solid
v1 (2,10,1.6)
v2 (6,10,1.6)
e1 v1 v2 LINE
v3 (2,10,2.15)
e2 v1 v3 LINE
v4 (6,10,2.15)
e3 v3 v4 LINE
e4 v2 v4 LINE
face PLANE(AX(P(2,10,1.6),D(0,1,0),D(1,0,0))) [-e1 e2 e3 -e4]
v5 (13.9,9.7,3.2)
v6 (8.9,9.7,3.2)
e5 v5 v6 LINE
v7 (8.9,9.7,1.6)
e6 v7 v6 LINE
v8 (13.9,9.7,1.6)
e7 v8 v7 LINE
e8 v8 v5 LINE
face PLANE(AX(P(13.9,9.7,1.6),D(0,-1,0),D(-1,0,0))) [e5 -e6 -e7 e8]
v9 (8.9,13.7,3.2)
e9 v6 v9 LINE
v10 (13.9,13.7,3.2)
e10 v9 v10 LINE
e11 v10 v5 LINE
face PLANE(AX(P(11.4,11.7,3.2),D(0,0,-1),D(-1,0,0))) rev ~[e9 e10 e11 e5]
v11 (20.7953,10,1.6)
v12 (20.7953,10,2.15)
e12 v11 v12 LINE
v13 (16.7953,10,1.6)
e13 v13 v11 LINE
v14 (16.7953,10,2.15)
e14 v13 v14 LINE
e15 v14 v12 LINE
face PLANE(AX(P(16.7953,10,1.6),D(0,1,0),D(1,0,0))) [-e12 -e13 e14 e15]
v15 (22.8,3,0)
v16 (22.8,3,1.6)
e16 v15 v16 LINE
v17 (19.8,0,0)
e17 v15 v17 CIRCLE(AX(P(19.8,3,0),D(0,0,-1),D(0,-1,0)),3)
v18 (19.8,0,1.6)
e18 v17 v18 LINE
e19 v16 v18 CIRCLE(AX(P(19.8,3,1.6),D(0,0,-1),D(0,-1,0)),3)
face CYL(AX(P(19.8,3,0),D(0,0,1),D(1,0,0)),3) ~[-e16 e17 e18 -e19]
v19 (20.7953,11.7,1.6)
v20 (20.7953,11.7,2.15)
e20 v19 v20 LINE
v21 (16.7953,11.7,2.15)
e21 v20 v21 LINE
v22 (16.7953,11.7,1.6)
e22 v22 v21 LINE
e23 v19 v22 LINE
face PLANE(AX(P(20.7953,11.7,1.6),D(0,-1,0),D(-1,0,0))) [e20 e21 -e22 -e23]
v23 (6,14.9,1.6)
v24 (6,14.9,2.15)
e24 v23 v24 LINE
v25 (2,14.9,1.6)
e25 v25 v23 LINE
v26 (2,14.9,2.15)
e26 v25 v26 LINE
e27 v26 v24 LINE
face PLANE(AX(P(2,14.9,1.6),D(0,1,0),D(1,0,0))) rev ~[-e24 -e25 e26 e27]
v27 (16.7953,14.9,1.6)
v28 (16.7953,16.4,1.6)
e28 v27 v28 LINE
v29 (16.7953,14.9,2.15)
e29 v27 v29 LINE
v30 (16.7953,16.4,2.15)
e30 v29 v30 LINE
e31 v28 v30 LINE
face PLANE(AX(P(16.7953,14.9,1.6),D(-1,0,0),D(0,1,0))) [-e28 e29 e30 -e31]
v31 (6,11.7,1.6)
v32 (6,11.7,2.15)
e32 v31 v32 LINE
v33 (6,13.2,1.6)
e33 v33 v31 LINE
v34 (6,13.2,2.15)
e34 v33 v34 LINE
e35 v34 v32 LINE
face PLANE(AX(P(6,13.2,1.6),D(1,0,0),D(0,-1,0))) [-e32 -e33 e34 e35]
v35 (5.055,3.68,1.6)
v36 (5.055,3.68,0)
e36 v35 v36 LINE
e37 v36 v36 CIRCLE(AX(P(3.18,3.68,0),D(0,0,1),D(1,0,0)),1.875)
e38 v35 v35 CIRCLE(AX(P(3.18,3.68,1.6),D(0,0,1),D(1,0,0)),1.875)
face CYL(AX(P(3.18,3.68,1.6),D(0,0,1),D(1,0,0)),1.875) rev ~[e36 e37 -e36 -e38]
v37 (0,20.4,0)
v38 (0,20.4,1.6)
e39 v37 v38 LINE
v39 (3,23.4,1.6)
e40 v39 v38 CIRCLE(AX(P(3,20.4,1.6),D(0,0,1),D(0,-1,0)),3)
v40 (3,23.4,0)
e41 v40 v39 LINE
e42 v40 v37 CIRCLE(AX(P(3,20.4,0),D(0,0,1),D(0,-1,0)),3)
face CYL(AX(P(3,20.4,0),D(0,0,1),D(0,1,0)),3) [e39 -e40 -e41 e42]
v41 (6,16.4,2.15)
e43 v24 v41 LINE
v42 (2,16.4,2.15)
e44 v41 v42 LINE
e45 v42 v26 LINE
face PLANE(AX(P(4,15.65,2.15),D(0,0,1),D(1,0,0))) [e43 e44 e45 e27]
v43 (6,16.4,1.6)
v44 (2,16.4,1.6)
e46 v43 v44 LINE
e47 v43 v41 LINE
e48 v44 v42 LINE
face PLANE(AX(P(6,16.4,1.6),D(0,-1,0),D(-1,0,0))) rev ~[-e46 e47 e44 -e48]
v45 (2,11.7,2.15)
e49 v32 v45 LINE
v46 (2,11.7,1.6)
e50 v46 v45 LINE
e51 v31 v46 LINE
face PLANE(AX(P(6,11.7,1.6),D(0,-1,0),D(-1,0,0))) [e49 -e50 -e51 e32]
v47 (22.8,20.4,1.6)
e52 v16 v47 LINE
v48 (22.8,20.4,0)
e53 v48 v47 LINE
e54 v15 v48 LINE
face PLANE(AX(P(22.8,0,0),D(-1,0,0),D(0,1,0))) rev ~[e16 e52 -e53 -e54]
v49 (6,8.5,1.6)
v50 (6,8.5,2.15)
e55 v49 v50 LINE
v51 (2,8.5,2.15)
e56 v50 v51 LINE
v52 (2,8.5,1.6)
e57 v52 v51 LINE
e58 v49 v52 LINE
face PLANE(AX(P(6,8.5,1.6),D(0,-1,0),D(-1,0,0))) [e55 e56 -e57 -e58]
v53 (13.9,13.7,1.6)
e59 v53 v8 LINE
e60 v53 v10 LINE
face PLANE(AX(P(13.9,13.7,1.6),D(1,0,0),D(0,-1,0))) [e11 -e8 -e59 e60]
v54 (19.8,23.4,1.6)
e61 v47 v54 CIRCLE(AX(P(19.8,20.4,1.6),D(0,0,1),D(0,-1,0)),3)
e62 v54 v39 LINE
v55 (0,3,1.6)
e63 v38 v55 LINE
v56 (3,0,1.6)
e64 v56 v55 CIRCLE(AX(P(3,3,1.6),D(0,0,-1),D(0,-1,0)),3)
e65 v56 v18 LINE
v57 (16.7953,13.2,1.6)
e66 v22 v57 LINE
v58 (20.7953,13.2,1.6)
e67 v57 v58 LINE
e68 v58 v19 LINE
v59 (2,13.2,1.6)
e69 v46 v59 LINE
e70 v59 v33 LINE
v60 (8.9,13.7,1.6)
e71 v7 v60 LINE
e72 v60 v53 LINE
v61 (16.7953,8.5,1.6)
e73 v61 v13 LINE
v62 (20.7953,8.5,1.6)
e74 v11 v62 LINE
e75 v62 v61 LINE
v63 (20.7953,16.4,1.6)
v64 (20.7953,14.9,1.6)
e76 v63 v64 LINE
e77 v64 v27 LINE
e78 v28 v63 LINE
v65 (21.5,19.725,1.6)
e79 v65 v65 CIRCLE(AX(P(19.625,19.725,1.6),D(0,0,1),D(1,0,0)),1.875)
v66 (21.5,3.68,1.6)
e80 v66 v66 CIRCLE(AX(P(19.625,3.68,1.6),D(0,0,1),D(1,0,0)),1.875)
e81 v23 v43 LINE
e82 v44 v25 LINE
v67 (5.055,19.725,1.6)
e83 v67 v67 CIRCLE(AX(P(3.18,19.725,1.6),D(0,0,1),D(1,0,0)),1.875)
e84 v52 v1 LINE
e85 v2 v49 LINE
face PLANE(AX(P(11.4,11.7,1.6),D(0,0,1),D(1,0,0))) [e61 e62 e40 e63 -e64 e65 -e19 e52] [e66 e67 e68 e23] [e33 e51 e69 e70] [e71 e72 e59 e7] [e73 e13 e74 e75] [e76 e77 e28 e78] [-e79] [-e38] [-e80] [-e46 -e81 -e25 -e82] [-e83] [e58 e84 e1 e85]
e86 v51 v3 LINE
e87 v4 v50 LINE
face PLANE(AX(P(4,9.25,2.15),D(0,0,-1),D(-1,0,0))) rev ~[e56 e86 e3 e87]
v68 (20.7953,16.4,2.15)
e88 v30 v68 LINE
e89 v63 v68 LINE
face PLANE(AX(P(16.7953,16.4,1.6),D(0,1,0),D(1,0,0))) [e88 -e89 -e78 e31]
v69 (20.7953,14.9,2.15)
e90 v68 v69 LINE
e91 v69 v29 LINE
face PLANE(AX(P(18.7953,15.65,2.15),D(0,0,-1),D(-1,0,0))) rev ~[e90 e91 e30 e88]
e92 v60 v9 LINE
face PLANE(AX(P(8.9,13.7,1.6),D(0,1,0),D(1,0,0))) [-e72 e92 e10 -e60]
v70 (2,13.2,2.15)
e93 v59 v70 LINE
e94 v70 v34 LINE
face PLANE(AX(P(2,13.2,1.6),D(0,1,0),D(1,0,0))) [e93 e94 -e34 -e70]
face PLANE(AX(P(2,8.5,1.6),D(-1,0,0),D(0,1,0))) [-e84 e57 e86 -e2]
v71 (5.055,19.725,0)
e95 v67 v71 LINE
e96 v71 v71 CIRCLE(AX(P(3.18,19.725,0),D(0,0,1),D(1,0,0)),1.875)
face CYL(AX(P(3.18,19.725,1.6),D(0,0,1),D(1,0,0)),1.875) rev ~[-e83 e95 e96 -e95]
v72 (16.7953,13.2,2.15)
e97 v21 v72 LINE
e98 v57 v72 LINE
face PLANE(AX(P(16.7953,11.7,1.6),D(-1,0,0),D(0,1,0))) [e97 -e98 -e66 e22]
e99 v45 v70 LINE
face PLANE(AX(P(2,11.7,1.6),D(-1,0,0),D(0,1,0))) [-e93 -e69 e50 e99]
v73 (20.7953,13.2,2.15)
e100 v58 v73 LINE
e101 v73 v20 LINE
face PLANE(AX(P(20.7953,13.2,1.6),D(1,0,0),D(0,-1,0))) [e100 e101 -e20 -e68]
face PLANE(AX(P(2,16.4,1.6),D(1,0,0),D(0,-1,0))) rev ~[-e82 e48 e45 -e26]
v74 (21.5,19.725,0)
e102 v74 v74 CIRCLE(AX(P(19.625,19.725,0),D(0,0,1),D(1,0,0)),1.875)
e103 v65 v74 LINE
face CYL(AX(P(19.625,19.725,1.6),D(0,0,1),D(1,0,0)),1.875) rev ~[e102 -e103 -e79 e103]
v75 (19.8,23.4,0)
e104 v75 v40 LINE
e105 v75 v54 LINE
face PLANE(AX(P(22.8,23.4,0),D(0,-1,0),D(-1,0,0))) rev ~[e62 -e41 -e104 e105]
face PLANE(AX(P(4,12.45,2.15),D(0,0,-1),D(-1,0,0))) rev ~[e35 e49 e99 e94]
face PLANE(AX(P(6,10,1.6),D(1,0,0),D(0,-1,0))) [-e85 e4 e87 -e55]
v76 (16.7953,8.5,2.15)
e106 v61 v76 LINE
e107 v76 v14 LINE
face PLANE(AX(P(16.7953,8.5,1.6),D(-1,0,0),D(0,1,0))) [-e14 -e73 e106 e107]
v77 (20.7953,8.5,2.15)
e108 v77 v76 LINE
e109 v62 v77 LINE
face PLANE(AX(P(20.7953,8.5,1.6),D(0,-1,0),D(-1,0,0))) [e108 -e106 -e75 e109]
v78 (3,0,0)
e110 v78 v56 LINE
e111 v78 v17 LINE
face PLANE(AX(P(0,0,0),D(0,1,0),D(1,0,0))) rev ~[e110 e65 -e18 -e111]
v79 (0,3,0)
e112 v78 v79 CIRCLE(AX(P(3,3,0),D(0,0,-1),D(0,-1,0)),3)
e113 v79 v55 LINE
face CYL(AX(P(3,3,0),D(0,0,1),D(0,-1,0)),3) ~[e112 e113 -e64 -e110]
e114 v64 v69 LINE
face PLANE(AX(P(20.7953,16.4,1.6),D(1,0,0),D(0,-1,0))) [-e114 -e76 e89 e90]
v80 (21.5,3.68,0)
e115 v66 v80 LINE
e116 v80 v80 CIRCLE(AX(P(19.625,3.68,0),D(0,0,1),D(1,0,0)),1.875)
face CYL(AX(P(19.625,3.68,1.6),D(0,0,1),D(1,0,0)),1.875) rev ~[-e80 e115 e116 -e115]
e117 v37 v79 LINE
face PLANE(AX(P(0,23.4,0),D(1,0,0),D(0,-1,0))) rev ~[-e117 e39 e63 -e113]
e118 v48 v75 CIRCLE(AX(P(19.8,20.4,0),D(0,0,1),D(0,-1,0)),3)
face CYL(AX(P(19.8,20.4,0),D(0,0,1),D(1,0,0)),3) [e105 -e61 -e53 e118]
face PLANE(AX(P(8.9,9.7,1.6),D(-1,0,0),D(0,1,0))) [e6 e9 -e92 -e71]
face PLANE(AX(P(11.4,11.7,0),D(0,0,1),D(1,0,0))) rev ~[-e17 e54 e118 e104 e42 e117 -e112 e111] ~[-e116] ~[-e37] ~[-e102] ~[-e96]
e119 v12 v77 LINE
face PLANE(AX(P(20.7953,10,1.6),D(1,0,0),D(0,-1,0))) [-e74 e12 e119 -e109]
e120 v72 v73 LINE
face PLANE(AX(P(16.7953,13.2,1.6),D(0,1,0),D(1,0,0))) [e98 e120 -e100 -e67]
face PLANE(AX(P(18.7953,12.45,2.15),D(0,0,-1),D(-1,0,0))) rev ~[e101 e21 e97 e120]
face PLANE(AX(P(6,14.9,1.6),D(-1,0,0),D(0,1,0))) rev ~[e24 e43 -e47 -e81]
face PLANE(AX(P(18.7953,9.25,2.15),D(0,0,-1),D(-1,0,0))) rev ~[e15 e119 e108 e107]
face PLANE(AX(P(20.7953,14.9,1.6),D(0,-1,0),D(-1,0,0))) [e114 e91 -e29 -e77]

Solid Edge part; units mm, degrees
sketch "Sketch1" plane through (0, 0, 0) normal (0, 0, 1) x (1, 0, 0)
  line L0 (22.8, 0) -> (22.8, 23.4)
  line L1 (22.8, 23.4) -> (0, 23.4)
  line L2 (0, 23.4) -> (0, 0)
  line L3 (0, 0) -> (22.8, 0)
extrude "Protrusion1" add sketch "Sketch1" along normal blind 1.6
sketch "Sketch2" plane through (11.4, 11.7, 1.6) normal (0, 0, 1) x (1, 0, 0)
  circle A0 centre (-8.22, 8.025) radius 1.875
  circle A1 centre (8.225, 8.025) radius 1.875
  circle A2 centre (-8.22, -8.02) radius 1.875
  circle A3 centre (8.225, -8.02) radius 1.875
  dimension "D1" = 3.75
  dimension "D2" = 3.175
  dimension "D3" = 3.675
  dimension "D4" = 3.18
  dimension "D5" = 3.68
extrude "Cutout1" cut sketch "Sketch2" against normal up to next
sketch "Sketch3" plane through (11.4, 11.7, 1.6) normal (0, 0, 1) x (1, 0, 0)
  line L0 (2.5, -2) -> (-2.5, -2)
  line L1 (-2.5, -2) -> (-2.5, 2)
  line L2 (-2.5, 2) -> (2.5, 2)
  line L3 (2.5, 2) -> (2.5, -2)
extrude "ProtrusiónExtruida_2" add sketch "Sketch3" along normal blind 1.6
fillet "Redondeo_1" radius 3 4 edges at (22.8, 0, 0.8) (22.8, 23.4, 0.8) (0, 0, 0.8) (0, 23.4, 0.8)
sketch "Sketch4" plane through (11.4, 11.7, 1.6) normal (0, 0, 1) x (1, 0, 0)
  line L0 (5.3953, 4.7) -> (9.3953, 4.7)
  line L1 (9.3953, 4.7) -> (9.3953, 3.2)
  line L2 (9.3953, 3.2) -> (5.3953, 3.2)
  line L3 (5.3953, 3.2) -> (5.3953, 4.7)
  line L4 (9.3953, 0) -> (5.3953, 0)
  line L5 (5.3953, 0) -> (5.3953, 1.5)
  line L6 (5.3953, 1.5) -> (9.3953, 1.5)
  line L7 (9.3953, 1.5) -> (9.3953, 0)
  line L8 (5.3953, -1.7) -> (9.3953, -1.7)
  line L9 (9.3953, -1.7) -> (9.3953, -3.2)
  line L10 (9.3953, -3.2) -> (5.3953, -3.2)
  line L11 (5.3953, -3.2) -> (5.3953, -1.7)
  line L12 (-9.4, 3.2) -> (-5.4, 3.2)
  line L13 (-5.4, 3.2) -> (-5.4, 4.7)
  line L14 (-5.4, 4.7) -> (-9.4, 4.7)
  line L15 (-9.4, 4.7) -> (-9.4, 3.2)
  line L16 (-9.4, 1.5) -> (-5.4, 1.5)
  line L17 (-5.4, 1.5) -> (-5.4, 0)
  line L18 (-5.4, 0) -> (-9.4, 0)
  line L19 (-9.4, 0) -> (-9.4, 1.5)
  line L20 (-9.4, -1.7) -> (-5.4, -1.7)
  line L21 (-5.4, -1.7) -> (-5.4, -3.2)
  line L22 (-5.4, -3.2) -> (-9.4, -3.2)
  line L23 (-9.4, -3.2) -> (-9.4, -1.7)
  dimension "D1" = 4
  dimension "D2" = 1.5
  dimension "D3" = 1.7
  dimension "D4" = 1.7
  dimension "D5" = 2.0047
  dimension "D6" = 7
  dimension "D7" = 1.7
  dimension "D8" = 1.7
  dimension "D9" = 2
  dimension "D10" = 7
extrude "ProtrusiónExtruida_3" add sketch "Sketch4" along normal blind 0.55
